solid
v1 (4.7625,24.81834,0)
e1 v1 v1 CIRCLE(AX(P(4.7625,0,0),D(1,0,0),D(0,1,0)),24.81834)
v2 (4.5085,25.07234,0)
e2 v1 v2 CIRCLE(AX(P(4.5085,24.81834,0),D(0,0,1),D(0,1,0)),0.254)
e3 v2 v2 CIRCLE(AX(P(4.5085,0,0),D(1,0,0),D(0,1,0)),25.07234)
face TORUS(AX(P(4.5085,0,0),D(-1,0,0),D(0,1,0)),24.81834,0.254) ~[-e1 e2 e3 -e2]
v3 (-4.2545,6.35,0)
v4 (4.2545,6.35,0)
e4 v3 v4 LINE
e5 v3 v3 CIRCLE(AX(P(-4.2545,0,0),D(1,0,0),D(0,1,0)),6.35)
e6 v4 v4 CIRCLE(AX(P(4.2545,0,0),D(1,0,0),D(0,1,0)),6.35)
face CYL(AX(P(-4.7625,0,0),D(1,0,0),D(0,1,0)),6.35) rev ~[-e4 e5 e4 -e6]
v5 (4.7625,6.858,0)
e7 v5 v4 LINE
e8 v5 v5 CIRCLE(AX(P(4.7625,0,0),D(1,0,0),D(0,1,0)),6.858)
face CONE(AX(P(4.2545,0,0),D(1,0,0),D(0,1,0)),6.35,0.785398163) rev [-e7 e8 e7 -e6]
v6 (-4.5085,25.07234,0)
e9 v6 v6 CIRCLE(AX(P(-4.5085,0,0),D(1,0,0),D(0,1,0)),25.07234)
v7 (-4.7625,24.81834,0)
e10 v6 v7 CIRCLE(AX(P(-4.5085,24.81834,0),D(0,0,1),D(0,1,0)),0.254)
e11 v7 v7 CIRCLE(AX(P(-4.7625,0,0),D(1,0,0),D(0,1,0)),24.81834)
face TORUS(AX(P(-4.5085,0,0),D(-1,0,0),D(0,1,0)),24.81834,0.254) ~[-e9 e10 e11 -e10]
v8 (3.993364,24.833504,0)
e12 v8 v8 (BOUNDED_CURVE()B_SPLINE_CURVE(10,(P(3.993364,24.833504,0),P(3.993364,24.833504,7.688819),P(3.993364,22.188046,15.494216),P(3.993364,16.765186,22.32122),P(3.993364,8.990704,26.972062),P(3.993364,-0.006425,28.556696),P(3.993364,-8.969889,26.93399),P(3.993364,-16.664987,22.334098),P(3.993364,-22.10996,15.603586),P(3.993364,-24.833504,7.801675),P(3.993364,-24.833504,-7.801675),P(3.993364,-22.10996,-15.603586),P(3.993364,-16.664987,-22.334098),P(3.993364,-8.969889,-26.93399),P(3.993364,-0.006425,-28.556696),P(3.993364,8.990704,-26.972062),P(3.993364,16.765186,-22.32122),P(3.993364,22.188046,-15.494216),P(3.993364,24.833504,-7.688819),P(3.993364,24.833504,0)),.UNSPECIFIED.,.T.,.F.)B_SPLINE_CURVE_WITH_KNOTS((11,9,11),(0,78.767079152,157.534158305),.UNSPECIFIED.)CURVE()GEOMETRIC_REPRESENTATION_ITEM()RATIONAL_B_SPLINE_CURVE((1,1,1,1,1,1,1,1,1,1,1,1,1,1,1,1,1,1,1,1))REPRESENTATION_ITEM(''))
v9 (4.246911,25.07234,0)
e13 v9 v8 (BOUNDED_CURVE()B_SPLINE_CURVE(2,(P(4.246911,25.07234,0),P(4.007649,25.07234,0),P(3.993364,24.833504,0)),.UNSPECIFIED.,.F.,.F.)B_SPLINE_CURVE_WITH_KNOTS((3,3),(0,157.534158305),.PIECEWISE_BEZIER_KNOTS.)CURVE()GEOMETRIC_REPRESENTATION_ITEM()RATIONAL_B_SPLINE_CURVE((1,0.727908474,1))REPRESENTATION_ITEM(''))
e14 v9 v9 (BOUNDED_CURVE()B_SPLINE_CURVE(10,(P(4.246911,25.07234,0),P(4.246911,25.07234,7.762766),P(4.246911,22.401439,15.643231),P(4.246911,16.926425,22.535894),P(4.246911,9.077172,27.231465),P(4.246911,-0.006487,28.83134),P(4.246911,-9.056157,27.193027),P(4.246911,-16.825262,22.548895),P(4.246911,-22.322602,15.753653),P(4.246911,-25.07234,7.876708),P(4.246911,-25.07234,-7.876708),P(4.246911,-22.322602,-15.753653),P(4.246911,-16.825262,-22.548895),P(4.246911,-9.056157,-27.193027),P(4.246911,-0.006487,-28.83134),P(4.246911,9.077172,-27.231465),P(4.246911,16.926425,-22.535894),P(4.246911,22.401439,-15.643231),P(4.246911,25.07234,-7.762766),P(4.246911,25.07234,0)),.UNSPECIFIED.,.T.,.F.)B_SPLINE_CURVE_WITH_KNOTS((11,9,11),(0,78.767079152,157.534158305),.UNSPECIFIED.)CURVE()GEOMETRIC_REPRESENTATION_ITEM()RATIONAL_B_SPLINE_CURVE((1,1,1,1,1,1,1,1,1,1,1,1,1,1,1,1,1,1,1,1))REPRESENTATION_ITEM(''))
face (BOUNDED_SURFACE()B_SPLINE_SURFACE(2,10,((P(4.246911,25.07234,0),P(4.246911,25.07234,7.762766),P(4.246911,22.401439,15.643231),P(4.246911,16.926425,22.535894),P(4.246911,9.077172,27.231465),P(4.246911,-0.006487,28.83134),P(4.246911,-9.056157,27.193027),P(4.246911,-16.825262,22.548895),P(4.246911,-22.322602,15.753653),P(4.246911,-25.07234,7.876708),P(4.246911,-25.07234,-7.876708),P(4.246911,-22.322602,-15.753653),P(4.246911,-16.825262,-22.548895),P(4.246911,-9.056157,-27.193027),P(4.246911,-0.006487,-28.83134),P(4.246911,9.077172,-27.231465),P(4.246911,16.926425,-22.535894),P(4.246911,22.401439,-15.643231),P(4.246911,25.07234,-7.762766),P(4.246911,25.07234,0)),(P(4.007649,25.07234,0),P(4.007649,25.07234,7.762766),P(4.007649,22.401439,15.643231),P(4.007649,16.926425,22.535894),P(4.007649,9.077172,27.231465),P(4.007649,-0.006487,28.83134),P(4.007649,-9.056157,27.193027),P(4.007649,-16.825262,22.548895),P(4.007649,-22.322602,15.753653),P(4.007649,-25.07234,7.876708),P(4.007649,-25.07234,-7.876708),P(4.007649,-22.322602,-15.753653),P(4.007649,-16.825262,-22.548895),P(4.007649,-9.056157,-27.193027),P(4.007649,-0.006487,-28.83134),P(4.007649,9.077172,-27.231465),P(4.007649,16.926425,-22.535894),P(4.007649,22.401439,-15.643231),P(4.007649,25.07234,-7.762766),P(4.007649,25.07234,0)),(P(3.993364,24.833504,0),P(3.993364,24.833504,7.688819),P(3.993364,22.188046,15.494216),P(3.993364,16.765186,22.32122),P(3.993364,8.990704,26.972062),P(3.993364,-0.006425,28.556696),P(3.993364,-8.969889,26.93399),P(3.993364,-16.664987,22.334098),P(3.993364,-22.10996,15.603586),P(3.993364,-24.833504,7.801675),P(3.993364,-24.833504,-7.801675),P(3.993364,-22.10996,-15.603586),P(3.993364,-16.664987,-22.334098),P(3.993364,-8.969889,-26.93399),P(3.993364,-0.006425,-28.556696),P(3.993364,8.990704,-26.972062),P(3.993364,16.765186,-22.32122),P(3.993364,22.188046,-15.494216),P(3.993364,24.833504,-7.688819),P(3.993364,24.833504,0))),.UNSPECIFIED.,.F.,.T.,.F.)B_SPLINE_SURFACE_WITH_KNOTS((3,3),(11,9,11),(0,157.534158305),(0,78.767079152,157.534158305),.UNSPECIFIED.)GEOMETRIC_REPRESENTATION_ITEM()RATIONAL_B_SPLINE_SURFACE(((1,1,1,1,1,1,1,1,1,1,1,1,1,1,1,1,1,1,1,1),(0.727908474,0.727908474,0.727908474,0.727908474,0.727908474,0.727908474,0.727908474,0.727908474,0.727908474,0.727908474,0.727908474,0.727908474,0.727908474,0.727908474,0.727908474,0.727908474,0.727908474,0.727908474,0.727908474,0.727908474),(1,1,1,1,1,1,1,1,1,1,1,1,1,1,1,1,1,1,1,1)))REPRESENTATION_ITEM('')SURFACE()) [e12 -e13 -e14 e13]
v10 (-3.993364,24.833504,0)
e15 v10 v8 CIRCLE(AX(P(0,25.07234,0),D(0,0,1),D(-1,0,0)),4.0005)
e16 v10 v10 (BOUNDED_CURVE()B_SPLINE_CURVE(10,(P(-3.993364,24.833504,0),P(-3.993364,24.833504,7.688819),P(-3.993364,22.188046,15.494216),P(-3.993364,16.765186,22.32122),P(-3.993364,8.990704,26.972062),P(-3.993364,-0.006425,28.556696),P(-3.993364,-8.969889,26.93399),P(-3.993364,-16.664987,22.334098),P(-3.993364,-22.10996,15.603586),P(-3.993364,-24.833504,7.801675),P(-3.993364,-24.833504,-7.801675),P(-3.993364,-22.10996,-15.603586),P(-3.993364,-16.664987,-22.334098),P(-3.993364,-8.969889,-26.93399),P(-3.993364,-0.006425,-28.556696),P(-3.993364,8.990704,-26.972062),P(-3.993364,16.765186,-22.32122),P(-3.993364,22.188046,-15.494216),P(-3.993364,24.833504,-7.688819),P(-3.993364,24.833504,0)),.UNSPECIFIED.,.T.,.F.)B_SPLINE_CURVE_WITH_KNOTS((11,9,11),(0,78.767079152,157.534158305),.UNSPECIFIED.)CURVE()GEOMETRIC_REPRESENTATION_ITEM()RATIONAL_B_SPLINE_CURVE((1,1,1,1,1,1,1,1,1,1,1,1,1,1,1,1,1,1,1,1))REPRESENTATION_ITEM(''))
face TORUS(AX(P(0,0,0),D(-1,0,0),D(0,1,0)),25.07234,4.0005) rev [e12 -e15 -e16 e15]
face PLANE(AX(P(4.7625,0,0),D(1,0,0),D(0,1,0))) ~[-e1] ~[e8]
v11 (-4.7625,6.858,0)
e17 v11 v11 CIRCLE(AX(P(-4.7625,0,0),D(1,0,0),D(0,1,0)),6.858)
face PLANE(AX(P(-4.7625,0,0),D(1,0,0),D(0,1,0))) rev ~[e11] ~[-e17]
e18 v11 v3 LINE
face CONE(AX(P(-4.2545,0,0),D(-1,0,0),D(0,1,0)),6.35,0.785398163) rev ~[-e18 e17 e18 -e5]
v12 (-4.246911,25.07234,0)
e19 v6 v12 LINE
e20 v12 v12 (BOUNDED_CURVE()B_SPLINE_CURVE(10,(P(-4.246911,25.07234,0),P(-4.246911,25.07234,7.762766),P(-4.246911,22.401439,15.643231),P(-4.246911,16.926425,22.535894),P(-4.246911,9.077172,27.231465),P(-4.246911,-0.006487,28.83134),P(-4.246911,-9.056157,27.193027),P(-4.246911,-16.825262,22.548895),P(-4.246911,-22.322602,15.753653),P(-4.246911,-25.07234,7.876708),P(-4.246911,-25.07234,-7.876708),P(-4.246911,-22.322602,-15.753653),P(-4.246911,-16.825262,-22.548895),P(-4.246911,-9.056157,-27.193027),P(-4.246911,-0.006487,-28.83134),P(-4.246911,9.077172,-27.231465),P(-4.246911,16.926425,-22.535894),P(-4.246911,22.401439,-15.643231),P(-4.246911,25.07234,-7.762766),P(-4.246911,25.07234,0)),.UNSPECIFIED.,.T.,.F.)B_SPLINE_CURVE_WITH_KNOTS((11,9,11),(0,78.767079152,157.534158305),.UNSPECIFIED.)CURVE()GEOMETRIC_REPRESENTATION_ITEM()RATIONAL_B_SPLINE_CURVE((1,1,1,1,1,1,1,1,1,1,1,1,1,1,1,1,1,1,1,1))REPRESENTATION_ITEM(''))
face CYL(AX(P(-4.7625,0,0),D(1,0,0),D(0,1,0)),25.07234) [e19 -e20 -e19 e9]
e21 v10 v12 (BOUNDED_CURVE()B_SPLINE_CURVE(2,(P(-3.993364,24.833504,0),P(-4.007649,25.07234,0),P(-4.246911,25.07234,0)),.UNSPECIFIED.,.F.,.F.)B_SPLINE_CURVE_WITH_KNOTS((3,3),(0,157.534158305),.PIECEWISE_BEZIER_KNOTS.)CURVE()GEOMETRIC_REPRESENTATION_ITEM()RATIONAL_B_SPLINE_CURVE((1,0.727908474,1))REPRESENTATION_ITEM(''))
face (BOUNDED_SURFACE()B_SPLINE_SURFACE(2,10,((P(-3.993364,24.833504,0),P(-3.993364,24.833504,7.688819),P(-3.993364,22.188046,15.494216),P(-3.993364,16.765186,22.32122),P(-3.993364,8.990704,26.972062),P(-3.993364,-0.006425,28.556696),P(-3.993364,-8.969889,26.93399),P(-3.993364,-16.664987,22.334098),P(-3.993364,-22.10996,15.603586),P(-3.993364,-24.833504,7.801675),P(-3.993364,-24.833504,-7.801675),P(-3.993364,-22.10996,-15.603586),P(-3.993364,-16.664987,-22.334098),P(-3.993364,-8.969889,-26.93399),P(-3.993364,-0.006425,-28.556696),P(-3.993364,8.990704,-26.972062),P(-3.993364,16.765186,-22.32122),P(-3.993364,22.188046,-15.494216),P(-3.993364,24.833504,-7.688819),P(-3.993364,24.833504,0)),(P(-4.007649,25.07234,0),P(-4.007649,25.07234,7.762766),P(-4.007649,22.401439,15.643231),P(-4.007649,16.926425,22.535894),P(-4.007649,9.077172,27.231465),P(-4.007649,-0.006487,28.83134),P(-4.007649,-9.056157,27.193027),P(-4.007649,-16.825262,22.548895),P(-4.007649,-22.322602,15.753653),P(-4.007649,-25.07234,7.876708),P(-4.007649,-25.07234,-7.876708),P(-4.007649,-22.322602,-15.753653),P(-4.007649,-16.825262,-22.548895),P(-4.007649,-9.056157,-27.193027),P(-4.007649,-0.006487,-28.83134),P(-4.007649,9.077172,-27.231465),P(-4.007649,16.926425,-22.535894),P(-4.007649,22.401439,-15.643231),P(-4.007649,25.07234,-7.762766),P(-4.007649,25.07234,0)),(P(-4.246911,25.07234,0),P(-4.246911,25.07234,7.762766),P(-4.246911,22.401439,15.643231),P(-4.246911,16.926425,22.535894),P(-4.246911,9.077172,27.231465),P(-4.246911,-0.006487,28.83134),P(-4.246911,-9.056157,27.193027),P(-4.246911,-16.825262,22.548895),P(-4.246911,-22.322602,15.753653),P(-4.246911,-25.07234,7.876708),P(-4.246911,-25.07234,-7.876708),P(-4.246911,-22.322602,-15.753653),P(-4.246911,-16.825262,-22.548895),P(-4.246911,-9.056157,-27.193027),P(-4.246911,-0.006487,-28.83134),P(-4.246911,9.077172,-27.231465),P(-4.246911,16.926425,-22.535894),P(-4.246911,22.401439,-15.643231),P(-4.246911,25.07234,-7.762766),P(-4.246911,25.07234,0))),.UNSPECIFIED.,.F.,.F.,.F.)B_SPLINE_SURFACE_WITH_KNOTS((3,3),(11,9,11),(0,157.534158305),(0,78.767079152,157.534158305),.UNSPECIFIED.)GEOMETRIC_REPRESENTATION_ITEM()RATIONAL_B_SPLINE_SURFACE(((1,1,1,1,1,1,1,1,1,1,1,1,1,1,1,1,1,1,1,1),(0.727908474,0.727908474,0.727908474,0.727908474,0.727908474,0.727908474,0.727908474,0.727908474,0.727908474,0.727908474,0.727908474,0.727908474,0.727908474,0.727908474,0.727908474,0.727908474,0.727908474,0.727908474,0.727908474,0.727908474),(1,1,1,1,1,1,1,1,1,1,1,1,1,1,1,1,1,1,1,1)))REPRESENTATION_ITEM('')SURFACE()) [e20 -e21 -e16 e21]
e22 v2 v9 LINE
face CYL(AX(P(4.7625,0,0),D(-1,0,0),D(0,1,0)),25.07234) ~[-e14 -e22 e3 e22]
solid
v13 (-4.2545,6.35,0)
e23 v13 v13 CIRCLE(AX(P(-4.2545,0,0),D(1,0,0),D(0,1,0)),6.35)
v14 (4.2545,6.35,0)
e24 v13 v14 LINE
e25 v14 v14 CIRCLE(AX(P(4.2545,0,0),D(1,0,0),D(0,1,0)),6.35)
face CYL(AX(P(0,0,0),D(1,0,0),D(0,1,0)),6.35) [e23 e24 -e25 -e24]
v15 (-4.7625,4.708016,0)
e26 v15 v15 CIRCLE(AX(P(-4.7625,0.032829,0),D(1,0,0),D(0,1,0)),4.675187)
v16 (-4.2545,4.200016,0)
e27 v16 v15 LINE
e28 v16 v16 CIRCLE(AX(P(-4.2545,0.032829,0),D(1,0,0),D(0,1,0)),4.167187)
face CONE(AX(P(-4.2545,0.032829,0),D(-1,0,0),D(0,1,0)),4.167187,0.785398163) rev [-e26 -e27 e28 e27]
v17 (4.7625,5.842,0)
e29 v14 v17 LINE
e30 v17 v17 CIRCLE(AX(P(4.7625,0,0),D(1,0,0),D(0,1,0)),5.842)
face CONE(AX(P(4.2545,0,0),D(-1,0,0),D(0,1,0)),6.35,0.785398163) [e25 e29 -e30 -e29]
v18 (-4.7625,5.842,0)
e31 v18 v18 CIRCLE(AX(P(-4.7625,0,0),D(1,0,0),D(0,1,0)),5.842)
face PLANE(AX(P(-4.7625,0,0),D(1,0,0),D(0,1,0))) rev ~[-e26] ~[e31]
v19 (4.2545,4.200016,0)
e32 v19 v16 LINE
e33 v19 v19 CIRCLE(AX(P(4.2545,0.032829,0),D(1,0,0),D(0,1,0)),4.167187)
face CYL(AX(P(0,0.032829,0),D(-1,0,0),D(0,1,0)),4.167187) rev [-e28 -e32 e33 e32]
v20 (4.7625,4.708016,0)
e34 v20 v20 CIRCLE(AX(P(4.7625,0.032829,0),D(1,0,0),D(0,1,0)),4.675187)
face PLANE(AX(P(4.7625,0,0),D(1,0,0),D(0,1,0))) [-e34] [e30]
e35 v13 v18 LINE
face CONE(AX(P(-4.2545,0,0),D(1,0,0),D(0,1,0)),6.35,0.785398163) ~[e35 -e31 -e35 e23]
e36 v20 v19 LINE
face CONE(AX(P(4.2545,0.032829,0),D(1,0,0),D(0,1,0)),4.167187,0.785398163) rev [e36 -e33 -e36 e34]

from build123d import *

# Parameters (mm, degrees)
CHAMFER_SIZE    = 0.508
FILLET_R        = 0.254
SKETCH001_R     = 6.35
SKETCH001_R_2   = 4.167187
PAD_DEPTH       = 4.7625
CHAMFER001_SIZE = 0.508


with BuildPart() as body:
    # Sketch → Revolution (revolve)
    with BuildSketch(Plane.XY):
        with BuildLine():
            Line((4.7625, 6.35), (4.7625, 25.07234))
            Line((4.7625, 25.07234), (4.0005, 25.07234))
            ThreePointArc((-4.0005, 25.07234), (0, 21.07184), (4.0005, 25.07234))
            Line((-4.7625, 25.07234), (-4.0005, 25.07234))
            Line((-4.7625, 25.07234), (-4.7625, 6.35))
            Line((-4.7625, 6.35), (4.7625, 6.35))
        make_face()
    revolve(axis=Axis((0, 0, 0), (1, 0, 0)))

    # Chamfer
    chamfer_edges = [body.edges().sort_by_distance(p)[0] for p in [
        (-4.7625, -6.35, 0),
        (4.7625, -6.35, 0),
        (0, 6.35, 0),
    ]]
    chamfer(chamfer_edges, length=CHAMFER_SIZE)

    # Fillet
    fillet_edges = [body.edges().sort_by_distance(p)[0] for p in [
        (4.7625, -25.07234, 0),
        (4.0005, -25.07234, 0),
        (-4.0005, -25.07234, 0),
        (-4.7625, -25.07234, 0),
    ]]
    fillet(fillet_edges, radius=FILLET_R)


with BuildPart() as body001:
    # Sketch001 → Pad (new body, symmetric)
    with BuildSketch(Plane.YZ):
        Circle(SKETCH001_R)
        with Locations((0.032829, 0)):
            Circle(SKETCH001_R_2, mode=Mode.SUBTRACT)
    extrude(amount=PAD_DEPTH, both=True)

    # Chamfer001
    chamfer001_edges = [body001.edges().sort_by_distance(p)[0] for p in [
        (-4.7625, -4.134358, 0),
        (-4.7625, -6.35, 0),
        (4.7625, -6.35, 0),
        (4.7625, -4.134359, 0),
    ]]
    chamfer(chamfer001_edges, length=CHAMFER001_SIZE)


solid = Compound([body.part, body001.part])
